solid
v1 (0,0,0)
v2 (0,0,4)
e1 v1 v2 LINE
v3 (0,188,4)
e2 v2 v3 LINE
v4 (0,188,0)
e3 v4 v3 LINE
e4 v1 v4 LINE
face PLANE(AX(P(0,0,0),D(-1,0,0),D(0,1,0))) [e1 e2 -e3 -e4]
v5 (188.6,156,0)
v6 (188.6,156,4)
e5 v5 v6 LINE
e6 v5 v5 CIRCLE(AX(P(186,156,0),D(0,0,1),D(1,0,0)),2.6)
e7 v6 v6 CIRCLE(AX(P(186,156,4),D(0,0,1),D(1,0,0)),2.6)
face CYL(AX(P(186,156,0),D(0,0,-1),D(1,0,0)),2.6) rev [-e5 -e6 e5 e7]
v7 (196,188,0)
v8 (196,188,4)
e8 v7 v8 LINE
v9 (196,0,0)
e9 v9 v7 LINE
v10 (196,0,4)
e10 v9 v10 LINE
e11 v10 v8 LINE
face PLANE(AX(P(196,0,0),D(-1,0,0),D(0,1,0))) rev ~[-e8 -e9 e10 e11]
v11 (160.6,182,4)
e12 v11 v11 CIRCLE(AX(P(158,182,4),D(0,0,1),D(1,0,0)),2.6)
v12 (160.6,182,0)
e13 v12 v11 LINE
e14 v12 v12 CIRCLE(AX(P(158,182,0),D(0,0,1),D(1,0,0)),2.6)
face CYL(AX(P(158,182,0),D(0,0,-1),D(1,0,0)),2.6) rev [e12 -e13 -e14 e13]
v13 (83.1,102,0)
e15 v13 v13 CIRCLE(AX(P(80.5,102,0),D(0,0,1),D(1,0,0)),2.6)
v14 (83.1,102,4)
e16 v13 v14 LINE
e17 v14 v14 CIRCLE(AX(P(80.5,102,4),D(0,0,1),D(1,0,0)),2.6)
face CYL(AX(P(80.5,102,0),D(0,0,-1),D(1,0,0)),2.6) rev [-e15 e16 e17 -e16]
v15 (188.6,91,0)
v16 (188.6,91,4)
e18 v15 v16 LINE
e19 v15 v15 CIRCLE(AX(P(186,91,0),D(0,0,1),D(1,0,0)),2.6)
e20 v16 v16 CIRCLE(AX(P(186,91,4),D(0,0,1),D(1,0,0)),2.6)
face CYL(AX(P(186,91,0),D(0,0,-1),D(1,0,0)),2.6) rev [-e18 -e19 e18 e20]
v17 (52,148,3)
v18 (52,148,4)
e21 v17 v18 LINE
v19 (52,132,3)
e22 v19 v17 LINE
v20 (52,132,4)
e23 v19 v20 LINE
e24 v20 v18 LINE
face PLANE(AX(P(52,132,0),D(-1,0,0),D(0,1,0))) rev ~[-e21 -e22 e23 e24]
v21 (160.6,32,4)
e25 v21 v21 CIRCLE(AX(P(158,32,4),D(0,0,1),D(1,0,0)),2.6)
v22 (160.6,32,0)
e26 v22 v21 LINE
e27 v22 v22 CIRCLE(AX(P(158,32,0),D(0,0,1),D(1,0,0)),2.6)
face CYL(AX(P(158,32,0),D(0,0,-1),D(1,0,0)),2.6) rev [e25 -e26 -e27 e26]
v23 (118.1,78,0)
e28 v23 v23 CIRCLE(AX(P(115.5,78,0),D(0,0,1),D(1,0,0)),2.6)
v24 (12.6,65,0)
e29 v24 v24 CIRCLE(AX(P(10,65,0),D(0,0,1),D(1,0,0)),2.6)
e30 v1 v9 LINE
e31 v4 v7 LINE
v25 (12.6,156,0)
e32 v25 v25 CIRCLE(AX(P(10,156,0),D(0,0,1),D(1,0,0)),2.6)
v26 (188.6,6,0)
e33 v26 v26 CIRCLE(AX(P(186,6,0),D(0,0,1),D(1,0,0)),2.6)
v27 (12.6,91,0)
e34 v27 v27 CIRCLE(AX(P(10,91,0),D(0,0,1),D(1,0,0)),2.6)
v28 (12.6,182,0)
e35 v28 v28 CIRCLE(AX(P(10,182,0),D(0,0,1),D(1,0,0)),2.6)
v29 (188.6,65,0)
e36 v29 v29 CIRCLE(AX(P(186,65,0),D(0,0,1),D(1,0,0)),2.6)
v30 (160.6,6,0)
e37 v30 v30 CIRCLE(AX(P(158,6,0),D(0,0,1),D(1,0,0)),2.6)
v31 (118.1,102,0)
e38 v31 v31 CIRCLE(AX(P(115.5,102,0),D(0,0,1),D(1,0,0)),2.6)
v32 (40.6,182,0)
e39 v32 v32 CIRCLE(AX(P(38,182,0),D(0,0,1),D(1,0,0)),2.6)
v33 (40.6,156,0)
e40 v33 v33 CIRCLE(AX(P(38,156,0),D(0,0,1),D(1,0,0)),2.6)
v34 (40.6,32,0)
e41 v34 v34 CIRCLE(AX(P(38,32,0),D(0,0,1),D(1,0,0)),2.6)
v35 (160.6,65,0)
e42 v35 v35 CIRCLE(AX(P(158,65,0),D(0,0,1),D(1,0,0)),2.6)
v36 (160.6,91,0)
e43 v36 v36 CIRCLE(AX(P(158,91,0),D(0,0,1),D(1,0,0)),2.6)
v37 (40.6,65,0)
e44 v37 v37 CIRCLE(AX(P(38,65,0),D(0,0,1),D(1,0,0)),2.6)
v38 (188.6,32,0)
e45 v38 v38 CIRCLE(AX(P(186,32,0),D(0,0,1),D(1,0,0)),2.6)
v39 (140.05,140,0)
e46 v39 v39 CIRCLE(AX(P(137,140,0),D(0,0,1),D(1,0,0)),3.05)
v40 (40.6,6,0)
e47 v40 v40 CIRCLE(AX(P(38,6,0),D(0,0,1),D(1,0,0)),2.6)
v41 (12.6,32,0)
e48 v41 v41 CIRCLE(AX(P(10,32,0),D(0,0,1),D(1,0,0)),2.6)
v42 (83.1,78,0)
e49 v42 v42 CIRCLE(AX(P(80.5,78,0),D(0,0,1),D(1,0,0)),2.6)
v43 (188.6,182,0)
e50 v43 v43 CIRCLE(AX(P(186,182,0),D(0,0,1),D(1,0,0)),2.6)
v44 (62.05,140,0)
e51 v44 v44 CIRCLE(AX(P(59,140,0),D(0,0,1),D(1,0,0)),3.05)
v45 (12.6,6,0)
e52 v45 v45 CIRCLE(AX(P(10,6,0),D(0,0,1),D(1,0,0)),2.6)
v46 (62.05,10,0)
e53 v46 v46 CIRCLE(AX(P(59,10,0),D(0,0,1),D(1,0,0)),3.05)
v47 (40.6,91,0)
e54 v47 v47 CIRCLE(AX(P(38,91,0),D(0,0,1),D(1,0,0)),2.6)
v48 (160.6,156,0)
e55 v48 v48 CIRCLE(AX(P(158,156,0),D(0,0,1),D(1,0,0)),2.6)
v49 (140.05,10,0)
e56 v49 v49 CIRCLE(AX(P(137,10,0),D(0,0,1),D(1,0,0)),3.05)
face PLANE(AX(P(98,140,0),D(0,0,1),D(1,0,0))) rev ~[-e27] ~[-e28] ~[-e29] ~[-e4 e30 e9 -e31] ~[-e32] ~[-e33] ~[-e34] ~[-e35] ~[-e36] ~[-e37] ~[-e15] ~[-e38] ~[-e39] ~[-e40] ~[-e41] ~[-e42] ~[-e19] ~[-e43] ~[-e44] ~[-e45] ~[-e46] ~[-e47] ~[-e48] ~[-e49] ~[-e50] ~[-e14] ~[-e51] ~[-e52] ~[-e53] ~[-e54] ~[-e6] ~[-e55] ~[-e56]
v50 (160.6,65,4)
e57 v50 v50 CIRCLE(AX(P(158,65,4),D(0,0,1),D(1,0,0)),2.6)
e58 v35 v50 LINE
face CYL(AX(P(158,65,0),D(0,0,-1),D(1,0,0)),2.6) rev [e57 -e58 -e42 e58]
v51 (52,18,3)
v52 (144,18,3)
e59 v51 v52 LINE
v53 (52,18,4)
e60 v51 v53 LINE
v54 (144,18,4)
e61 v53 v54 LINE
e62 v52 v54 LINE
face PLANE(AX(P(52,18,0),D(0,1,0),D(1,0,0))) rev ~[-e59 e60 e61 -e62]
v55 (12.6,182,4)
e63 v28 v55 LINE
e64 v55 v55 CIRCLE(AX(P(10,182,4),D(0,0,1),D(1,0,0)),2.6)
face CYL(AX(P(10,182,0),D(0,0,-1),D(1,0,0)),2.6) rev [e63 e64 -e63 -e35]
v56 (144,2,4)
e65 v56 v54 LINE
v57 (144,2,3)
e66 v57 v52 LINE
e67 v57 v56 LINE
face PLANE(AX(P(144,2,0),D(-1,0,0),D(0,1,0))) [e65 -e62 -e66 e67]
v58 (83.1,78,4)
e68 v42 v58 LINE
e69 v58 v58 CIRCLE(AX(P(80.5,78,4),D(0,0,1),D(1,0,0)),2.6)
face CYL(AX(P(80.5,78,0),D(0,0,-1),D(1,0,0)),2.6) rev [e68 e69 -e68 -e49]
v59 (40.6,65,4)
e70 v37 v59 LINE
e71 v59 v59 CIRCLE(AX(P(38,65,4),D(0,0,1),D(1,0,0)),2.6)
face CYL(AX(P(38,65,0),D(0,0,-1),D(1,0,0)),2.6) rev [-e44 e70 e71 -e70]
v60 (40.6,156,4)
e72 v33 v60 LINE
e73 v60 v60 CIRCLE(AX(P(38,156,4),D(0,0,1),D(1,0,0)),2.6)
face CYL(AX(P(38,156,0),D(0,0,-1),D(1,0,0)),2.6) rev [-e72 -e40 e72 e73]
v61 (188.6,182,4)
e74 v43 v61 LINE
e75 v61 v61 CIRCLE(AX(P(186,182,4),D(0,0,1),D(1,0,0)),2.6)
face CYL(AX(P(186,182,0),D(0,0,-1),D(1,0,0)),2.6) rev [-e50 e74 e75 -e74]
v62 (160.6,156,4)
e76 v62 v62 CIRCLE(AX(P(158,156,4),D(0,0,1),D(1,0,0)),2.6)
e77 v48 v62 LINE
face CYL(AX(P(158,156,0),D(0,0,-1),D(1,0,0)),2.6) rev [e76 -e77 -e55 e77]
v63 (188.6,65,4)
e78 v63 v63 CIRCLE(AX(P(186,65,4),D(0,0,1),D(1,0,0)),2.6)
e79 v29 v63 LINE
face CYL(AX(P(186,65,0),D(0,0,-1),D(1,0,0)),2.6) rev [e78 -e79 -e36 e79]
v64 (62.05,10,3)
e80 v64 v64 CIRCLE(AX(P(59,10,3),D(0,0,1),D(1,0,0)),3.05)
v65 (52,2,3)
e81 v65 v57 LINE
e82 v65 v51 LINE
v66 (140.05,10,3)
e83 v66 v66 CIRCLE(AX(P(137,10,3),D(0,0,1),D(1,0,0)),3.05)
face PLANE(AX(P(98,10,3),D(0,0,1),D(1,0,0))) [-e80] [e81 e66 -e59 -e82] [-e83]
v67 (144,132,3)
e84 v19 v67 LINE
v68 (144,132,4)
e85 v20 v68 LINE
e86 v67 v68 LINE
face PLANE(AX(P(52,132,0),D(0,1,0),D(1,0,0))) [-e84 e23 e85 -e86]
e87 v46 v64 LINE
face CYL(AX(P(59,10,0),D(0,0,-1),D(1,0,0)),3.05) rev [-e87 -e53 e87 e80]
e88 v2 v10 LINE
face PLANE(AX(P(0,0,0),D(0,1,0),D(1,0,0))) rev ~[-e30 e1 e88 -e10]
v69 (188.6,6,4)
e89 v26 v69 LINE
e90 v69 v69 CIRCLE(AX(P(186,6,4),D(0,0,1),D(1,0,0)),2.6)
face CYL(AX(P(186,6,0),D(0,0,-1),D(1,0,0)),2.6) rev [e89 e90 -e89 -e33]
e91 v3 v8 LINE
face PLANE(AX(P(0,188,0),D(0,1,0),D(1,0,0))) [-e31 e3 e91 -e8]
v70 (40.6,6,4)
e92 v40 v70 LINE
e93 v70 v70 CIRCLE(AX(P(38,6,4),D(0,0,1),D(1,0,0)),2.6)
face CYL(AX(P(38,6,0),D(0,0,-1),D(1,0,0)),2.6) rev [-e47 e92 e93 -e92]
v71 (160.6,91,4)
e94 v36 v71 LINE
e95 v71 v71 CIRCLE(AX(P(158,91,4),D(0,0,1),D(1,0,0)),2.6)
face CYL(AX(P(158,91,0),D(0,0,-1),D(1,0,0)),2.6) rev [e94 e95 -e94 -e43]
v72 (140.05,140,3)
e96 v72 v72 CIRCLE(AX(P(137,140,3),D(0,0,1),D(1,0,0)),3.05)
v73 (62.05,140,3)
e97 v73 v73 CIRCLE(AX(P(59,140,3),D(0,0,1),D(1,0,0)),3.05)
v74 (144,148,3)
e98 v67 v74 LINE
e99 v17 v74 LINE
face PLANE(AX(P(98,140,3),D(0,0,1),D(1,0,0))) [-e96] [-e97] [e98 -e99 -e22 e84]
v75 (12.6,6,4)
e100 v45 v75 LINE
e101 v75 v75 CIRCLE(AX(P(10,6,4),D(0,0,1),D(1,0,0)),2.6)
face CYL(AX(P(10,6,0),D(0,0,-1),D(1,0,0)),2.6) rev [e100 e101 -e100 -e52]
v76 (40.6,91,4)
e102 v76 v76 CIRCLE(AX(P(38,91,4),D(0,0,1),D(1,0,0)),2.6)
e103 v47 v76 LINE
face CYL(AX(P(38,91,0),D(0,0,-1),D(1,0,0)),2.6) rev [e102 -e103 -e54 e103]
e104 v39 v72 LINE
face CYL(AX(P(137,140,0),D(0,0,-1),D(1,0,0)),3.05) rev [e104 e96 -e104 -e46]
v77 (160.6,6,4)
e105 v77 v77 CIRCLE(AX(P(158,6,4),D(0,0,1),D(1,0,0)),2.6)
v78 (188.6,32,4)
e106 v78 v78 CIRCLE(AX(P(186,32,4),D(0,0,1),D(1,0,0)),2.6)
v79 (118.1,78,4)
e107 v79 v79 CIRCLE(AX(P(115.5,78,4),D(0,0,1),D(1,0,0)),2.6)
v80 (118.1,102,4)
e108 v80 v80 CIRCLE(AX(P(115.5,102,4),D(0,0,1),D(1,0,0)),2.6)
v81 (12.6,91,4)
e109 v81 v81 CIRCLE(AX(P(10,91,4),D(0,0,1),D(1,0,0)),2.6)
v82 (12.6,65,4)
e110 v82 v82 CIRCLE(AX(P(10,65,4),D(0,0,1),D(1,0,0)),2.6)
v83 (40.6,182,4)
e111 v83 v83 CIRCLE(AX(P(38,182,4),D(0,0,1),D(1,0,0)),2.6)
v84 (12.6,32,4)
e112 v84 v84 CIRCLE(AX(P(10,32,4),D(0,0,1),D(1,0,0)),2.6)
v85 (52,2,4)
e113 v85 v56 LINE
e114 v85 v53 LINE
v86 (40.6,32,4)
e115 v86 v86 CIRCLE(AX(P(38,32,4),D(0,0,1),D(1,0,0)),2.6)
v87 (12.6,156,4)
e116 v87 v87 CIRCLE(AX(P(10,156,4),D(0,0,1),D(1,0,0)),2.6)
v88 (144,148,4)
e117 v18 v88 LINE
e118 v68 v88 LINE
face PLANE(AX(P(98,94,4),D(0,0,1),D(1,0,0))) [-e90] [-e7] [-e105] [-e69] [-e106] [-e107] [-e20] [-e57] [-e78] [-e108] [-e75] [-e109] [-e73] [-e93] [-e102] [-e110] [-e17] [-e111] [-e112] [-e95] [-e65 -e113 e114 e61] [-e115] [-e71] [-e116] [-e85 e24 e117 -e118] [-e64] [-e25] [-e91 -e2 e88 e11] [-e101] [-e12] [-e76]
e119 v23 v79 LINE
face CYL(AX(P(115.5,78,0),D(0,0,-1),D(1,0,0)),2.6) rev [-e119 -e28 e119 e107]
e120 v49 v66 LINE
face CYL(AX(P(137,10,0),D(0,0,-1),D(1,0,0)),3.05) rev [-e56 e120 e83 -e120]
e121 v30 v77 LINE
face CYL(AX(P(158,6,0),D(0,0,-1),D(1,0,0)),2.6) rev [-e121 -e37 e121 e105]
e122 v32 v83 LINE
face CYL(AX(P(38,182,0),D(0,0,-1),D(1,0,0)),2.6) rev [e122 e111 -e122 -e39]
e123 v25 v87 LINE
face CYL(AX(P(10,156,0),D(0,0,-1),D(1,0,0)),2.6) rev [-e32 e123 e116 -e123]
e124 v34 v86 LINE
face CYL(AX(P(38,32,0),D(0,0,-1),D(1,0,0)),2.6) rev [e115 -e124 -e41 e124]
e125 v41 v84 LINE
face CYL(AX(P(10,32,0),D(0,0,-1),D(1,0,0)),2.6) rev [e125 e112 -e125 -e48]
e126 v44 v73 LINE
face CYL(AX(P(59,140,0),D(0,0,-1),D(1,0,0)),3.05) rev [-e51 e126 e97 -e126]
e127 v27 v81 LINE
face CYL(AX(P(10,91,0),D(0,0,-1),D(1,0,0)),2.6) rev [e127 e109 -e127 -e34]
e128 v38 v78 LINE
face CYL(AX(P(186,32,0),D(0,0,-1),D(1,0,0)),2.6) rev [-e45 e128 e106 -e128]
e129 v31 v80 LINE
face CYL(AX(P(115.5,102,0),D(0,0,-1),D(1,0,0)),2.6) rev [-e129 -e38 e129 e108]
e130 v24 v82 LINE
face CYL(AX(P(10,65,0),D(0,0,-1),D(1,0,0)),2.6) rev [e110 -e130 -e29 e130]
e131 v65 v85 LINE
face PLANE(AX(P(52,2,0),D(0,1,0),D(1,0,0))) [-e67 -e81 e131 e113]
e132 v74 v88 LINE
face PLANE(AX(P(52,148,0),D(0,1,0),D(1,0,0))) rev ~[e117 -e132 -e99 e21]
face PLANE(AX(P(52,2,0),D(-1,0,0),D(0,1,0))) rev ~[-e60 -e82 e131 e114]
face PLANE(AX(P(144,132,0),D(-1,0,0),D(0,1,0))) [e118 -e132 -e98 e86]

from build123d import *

# Parameters (mm, degrees)
F0_W     = 196
F0_H     = 188
F0_R     = 2.6
F0_W_2   = 92
F0_H_2   = 16
F1_DEPTH = 4
F0_R_2   = 3.05
F2_DEPTH = 3


with BuildPart() as f1:
    # F0 (on Top) → F1 (new body)
    with BuildSketch(Plane.XY):
        with Locations((98, 94)):
            Rectangle(F0_W, F0_H)
        with Locations((10, 6)):
            Circle(F0_R, mode=Mode.SUBTRACT)
        with Locations((38, 6)):
            Circle(F0_R, mode=Mode.SUBTRACT)
        with Locations((10, 32)):
            Circle(F0_R, mode=Mode.SUBTRACT)
        with Locations((38, 32)):
            Circle(F0_R, mode=Mode.SUBTRACT)
        with Locations((98, 10)):
            Rectangle(F0_W_2, F0_H_2, mode=Mode.SUBTRACT)
        with Locations((10, 65)):
            Circle(F0_R, mode=Mode.SUBTRACT)
        with Locations((38, 65)):
            Circle(F0_R, mode=Mode.SUBTRACT)
        with Locations((10, 91)):
            Circle(F0_R, mode=Mode.SUBTRACT)
        with Locations((38, 91)):
            Circle(F0_R, mode=Mode.SUBTRACT)
        with Locations((80.5, 78)):
            Circle(F0_R, mode=Mode.SUBTRACT)
        with Locations((158, 6)):
            Circle(F0_R, mode=Mode.SUBTRACT)
        with Locations((186, 6)):
            Circle(F0_R, mode=Mode.SUBTRACT)
        with Locations((158, 32)):
            Circle(F0_R, mode=Mode.SUBTRACT)
        with Locations((186, 32)):
            Circle(F0_R, mode=Mode.SUBTRACT)
        with Locations((115.5, 78)):
            Circle(F0_R, mode=Mode.SUBTRACT)
        with Locations((158, 65)):
            Circle(F0_R, mode=Mode.SUBTRACT)
        with Locations((186, 65)):
            Circle(F0_R, mode=Mode.SUBTRACT)
        with Locations((158, 91)):
            Circle(F0_R, mode=Mode.SUBTRACT)
        with Locations((186, 91)):
            Circle(F0_R, mode=Mode.SUBTRACT)
        with Locations((80.5, 102)):
            Circle(F0_R, mode=Mode.SUBTRACT)
        with Locations((98, 140)):
            Rectangle(F0_W_2, F0_H_2, mode=Mode.SUBTRACT)
        with Locations((10, 156)):
            Circle(F0_R, mode=Mode.SUBTRACT)
        with Locations((38, 156)):
            Circle(F0_R, mode=Mode.SUBTRACT)
        with Locations((10, 182)):
            Circle(F0_R, mode=Mode.SUBTRACT)
        with Locations((38, 182)):
            Circle(F0_R, mode=Mode.SUBTRACT)
        with Locations((115.5, 102)):
            Circle(F0_R, mode=Mode.SUBTRACT)
        with Locations((158, 156)):
            Circle(F0_R, mode=Mode.SUBTRACT)
        with Locations((186, 156)):
            Circle(F0_R, mode=Mode.SUBTRACT)
        with Locations((158, 182)):
            Circle(F0_R, mode=Mode.SUBTRACT)
        with Locations((186, 182)):
            Circle(F0_R, mode=Mode.SUBTRACT)
    extrude(amount=F1_DEPTH)

    # F0 (on Top) → F2 (join)
    with BuildSketch(Plane.XY):
        with Locations((98, 140)):
            Rectangle(F0_W_2, F0_H_2)
        with Locations((59, 140)):
            Circle(F0_R_2, mode=Mode.SUBTRACT)
        with Locations((137, 140)):
            Circle(F0_R_2, mode=Mode.SUBTRACT)
        with Locations((98, 10)):
            Rectangle(F0_W_2, F0_H_2)
        with Locations((59, 10)):
            Circle(F0_R_2, mode=Mode.SUBTRACT)
        with Locations((137, 10)):
            Circle(F0_R_2, mode=Mode.SUBTRACT)
    extrude(amount=F2_DEPTH)


solid = f1.part
